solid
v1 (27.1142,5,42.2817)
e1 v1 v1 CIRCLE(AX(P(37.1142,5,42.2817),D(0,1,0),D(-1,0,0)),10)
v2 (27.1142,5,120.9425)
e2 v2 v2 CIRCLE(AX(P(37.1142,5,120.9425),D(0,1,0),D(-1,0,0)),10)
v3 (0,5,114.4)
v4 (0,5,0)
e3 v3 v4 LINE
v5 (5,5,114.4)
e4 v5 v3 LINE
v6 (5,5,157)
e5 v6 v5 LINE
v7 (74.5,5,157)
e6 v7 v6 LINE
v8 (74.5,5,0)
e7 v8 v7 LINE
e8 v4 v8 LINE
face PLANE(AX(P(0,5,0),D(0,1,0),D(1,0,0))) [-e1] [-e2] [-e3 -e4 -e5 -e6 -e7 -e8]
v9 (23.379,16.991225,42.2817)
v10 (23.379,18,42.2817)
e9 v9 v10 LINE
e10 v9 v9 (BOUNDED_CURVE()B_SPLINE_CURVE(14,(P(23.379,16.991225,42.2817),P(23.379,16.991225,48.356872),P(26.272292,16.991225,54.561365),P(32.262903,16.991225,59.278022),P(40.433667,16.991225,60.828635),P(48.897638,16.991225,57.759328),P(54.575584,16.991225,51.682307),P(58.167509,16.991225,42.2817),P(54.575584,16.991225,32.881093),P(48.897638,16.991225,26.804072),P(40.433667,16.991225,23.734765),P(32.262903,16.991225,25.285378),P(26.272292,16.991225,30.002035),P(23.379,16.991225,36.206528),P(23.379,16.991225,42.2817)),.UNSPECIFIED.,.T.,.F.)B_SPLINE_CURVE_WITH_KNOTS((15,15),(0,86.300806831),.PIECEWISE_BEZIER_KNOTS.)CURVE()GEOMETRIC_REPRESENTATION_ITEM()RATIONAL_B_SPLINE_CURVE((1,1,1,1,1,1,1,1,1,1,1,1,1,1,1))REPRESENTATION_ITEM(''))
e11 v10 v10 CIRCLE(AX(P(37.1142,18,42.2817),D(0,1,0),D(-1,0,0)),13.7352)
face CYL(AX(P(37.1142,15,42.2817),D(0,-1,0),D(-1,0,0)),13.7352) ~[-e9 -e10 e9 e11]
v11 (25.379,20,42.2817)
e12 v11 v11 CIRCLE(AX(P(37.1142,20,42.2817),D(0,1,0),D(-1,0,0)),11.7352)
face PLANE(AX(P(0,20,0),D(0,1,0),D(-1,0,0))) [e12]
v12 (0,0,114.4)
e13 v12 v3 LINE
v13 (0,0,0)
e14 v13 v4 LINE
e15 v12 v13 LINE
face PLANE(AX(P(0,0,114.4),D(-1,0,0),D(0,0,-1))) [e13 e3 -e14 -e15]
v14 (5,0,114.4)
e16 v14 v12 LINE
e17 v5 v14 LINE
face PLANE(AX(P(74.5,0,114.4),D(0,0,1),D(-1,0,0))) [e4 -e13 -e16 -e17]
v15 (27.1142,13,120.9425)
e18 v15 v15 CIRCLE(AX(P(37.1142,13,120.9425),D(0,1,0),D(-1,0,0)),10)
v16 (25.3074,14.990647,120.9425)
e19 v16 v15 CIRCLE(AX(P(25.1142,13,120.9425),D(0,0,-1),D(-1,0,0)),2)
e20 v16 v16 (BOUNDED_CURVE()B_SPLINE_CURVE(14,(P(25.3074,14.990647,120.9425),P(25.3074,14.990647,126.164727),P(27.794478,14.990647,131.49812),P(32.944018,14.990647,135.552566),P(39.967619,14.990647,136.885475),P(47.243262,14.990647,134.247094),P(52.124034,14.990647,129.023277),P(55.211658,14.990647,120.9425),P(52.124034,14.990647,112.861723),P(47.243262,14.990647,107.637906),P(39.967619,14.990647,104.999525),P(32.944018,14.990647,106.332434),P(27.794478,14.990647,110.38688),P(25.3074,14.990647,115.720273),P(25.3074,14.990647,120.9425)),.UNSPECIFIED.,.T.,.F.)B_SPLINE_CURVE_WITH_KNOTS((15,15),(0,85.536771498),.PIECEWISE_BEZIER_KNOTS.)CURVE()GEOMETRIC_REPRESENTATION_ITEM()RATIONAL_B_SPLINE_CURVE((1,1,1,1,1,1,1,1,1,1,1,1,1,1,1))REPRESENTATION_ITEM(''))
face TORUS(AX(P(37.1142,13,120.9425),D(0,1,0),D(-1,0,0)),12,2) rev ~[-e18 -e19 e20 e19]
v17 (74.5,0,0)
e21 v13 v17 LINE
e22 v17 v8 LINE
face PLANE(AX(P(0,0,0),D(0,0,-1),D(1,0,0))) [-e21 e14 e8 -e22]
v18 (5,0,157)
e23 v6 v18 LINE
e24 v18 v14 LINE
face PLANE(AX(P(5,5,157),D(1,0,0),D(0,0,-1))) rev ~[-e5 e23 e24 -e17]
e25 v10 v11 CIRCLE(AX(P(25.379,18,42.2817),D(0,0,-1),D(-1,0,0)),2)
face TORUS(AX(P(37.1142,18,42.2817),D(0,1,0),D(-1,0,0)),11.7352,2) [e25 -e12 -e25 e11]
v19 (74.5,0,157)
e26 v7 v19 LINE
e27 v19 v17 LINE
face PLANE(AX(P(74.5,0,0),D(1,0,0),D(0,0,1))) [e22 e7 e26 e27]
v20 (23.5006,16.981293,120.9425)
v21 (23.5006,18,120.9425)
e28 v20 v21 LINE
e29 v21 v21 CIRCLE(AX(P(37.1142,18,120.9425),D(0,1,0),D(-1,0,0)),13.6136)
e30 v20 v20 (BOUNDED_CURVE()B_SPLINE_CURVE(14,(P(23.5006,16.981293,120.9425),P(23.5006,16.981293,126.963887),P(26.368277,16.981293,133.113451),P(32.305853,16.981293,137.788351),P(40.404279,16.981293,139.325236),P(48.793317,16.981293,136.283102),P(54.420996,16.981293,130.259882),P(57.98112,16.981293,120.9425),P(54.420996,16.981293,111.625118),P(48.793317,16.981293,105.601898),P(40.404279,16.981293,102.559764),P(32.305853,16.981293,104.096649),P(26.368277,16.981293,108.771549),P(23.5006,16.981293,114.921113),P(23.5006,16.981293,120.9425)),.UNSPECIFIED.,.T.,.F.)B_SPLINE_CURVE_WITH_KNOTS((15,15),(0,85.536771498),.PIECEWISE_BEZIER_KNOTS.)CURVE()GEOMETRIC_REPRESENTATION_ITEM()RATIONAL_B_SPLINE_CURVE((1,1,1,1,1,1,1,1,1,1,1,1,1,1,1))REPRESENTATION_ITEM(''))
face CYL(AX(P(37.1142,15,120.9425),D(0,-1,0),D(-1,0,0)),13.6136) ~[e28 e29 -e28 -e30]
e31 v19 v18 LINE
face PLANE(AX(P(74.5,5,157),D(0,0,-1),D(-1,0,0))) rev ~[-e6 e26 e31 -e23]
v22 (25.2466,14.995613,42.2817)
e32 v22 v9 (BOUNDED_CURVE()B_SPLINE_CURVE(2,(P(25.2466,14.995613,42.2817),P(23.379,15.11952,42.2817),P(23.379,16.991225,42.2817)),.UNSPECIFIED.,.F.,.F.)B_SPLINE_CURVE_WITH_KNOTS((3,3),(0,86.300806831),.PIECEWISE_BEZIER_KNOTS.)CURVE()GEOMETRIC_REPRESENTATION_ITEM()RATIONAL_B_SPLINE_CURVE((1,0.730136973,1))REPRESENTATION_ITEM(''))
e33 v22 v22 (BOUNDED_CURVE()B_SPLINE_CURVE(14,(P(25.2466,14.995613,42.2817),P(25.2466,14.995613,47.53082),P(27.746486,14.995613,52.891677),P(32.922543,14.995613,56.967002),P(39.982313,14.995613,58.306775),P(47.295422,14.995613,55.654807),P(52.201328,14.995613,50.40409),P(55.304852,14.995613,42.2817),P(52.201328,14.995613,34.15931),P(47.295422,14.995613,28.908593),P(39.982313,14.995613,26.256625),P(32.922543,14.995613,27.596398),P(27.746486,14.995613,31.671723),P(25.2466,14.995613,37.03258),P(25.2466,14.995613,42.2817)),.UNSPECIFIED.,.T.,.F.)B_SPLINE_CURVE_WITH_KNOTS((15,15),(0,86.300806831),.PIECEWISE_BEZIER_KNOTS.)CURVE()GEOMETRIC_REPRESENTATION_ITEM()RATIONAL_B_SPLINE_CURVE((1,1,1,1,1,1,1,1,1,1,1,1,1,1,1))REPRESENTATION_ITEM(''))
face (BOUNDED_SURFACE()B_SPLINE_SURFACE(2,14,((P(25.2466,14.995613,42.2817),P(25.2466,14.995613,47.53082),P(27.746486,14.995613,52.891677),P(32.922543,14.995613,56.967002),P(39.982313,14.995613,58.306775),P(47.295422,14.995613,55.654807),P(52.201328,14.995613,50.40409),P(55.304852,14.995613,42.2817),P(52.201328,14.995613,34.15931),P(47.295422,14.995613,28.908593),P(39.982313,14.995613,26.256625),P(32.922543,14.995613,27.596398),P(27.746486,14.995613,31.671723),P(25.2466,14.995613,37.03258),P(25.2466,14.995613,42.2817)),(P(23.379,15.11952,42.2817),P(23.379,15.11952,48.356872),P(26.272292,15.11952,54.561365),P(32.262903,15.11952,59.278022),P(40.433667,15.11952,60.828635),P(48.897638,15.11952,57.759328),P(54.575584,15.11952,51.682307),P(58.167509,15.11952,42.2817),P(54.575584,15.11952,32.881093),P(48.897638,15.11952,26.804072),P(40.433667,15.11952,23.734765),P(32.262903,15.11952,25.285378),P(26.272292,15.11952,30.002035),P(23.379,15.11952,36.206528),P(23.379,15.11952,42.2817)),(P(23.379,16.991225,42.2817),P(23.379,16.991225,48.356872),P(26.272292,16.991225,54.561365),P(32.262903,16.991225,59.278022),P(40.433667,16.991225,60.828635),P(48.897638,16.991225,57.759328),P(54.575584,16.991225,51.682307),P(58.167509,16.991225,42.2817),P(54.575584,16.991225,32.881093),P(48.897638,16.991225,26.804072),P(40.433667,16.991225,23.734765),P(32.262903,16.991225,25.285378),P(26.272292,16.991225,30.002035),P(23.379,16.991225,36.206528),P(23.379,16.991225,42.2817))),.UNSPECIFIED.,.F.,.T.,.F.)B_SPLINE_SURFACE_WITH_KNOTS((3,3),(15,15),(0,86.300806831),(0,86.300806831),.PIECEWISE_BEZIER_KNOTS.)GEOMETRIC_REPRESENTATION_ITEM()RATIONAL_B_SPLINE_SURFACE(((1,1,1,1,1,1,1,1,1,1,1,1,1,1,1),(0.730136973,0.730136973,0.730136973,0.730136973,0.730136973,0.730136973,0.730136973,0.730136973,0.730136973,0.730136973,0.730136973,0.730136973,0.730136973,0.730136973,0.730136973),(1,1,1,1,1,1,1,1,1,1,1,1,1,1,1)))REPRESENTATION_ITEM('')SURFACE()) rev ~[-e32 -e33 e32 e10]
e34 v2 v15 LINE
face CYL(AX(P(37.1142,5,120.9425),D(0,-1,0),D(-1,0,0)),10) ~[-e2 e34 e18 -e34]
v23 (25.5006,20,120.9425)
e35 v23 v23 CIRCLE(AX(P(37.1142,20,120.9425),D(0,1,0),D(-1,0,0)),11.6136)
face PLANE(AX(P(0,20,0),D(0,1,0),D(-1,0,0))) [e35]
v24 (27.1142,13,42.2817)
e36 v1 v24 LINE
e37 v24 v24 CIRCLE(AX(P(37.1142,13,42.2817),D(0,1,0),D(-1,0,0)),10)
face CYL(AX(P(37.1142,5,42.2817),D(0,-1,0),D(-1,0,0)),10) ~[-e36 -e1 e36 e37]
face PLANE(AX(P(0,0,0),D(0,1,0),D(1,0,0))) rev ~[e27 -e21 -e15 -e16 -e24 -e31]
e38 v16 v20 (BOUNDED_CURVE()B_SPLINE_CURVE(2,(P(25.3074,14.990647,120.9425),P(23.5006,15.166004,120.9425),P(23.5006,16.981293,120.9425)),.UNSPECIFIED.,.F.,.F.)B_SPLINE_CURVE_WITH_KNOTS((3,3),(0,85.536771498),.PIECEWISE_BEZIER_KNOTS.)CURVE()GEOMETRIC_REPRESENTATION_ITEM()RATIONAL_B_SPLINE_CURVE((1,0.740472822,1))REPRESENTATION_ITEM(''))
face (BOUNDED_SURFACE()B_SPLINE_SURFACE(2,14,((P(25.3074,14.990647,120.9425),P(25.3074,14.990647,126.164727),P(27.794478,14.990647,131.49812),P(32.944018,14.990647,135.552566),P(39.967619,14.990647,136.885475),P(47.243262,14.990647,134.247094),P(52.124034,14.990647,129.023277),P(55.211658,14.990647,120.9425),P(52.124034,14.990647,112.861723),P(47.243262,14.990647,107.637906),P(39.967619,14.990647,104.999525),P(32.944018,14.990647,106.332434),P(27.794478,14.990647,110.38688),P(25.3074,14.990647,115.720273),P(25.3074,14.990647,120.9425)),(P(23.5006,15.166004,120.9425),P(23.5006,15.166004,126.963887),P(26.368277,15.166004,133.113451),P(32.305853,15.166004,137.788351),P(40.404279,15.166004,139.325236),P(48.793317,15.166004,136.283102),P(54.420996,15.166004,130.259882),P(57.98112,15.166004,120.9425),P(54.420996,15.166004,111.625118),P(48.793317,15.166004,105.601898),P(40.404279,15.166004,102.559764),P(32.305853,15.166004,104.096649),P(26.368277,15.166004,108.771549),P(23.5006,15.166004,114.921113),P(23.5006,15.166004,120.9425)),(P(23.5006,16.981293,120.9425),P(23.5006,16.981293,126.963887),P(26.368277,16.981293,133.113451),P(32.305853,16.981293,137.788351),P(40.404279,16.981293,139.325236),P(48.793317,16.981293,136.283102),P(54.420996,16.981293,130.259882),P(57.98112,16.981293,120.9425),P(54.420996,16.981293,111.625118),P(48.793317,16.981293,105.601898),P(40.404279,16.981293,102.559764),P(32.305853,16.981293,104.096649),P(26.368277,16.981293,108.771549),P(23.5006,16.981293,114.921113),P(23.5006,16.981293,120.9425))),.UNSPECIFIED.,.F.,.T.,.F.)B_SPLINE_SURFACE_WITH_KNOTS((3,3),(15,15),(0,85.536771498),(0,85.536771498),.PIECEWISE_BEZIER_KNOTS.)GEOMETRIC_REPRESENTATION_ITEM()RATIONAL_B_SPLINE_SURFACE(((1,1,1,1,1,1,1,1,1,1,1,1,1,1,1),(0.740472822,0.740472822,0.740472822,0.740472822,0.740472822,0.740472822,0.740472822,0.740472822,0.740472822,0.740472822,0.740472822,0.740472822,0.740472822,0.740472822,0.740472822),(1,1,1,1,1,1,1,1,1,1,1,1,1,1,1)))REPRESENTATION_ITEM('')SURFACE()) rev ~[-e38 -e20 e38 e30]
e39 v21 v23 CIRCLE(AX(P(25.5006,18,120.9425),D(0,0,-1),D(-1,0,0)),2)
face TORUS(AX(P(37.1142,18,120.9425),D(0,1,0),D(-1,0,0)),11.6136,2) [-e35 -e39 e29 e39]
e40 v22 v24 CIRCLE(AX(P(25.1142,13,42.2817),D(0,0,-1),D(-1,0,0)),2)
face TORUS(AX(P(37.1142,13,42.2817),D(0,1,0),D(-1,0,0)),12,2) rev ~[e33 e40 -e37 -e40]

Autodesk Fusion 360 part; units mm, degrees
sketch "Sketch1" plane through (0, 0, 0) normal (0, 1, 0) x (1, 0, 0)
  line L0 (0, 0) -> (74.5, 0)
  line L1 (74.5, 0) -> (74.5, -114.4)
  line L2 (74.5, -114.4) -> (0, -114.4)
  line L3 (0, -114.4) -> (0, 0)
  dimension "d1" = 74.5
  dimension "d2" = 114.4
extrude "Extrude1" add sketch "Sketch1" along normal blind 5
sketch "Sketch2" plane through (0, 5, 0) normal (0, 1, 0) x (-1, 0, 0)
  line L0 (0, 114.4) -> (-74.5, 114.4)
  line L1 (-74.5, 114.4) -> (-74.5, 0)
  line L2 (-74.5, 0) -> (0, 0)
  line L3 (0, 0) -> (0, 114.4)
  line L4 (0, 114.4) -> (-5, 114.4)
  line L5 (-5, 114.4) -> (-74.5, 114.4)
  line L6 (-74.5, 114.4) -> (-74.5, 157)
  line L7 (-74.5, 157) -> (-5, 157)
  line L8 (-5, 157) -> (-5, 114.4)
  dimension "d5" = 5
  dimension "d6" = 69.5
  dimension "d7" = 42.6
extrude "Extrude2" add sketch "Sketch2" against normal blind 5 contours L0 L5 L6 L7 L8
sketch "Sketch5" plane through (0, 5, 0) normal (0, 1, 0) x (-1, 0, 0)
  line L0 (0, 114.4) -> (-5, 114.4)
  line L1 (-5, 114.4) -> (-5, 157)
  line L2 (-5, 157) -> (-74.5, 157)
  line L3 (-74.5, 157) -> (-74.5, 0)
  line L4 (-74.5, 0) -> (0, 0)
  line L5 (0, 0) -> (0, 114.4)
  circle A0 centre (-37.1142, 42.2817) radius 10
  dimension "d21" = 20
extrude "Extrude3" add sketch "Sketch5" along normal blind 10 contours A0
sketch "Sketch6" plane through (0, 15, 0) normal (0, 1, 0) x (-1, 0, 0)
  circle A0 centre (-37.1142, 42.2817) radius 10
  circle A1 centre (-37.1142, 42.2817) radius 13.7352
extrude "Extrude4" add sketch "Sketch6" along normal blind 5 contours A0 | A1
fillet "Fillet1" radius 2 1 edges at (46.4375, 15, 38.6655)
fillet "Fillet2" radius 2 2 edges at (49.9199, 15, 37.3148) (49.9199, 20, 37.3148)
sketch "Sketch7" plane through (0, 5, 0) normal (0, 1, 0) x (-1, 0, 0)
  circle A0 centre (-37.1142, 42.2817) radius 10
  line L0 (0, 114.4) -> (-5, 114.4)
  line L1 (-5, 114.4) -> (-5, 157)
  line L2 (-5, 157) -> (-74.5, 157)
  line L3 (-74.5, 157) -> (-74.5, 0)
  line L4 (-74.5, 0) -> (0, 0)
  line L5 (0, 0) -> (0, 114.4)
  circle A1 centre (-37.1142, 120.9425) radius 10
  dimension "d30" = 20
extrude "Extrude5" add sketch "Sketch7" along normal blind 10 contours A1
sketch "Sketch8" plane through (0, 15, 0) normal (0, 1, 0) x (-1, 0, 0)
  circle A0 centre (-37.1142, 120.9425) radius 10
  circle A1 centre (-37.1142, 120.9425) radius 13.6136
extrude "Extrude6" add sketch "Sketch8" along normal blind 5 contours A0 | A1
fillet "Fillet3" radius 2 1 edges at (46.4375, 15, 117.3263)
fillet "Fillet4" radius 2 2 edges at (49.8066, 15, 116.0196) (49.8066, 20, 116.0196)
